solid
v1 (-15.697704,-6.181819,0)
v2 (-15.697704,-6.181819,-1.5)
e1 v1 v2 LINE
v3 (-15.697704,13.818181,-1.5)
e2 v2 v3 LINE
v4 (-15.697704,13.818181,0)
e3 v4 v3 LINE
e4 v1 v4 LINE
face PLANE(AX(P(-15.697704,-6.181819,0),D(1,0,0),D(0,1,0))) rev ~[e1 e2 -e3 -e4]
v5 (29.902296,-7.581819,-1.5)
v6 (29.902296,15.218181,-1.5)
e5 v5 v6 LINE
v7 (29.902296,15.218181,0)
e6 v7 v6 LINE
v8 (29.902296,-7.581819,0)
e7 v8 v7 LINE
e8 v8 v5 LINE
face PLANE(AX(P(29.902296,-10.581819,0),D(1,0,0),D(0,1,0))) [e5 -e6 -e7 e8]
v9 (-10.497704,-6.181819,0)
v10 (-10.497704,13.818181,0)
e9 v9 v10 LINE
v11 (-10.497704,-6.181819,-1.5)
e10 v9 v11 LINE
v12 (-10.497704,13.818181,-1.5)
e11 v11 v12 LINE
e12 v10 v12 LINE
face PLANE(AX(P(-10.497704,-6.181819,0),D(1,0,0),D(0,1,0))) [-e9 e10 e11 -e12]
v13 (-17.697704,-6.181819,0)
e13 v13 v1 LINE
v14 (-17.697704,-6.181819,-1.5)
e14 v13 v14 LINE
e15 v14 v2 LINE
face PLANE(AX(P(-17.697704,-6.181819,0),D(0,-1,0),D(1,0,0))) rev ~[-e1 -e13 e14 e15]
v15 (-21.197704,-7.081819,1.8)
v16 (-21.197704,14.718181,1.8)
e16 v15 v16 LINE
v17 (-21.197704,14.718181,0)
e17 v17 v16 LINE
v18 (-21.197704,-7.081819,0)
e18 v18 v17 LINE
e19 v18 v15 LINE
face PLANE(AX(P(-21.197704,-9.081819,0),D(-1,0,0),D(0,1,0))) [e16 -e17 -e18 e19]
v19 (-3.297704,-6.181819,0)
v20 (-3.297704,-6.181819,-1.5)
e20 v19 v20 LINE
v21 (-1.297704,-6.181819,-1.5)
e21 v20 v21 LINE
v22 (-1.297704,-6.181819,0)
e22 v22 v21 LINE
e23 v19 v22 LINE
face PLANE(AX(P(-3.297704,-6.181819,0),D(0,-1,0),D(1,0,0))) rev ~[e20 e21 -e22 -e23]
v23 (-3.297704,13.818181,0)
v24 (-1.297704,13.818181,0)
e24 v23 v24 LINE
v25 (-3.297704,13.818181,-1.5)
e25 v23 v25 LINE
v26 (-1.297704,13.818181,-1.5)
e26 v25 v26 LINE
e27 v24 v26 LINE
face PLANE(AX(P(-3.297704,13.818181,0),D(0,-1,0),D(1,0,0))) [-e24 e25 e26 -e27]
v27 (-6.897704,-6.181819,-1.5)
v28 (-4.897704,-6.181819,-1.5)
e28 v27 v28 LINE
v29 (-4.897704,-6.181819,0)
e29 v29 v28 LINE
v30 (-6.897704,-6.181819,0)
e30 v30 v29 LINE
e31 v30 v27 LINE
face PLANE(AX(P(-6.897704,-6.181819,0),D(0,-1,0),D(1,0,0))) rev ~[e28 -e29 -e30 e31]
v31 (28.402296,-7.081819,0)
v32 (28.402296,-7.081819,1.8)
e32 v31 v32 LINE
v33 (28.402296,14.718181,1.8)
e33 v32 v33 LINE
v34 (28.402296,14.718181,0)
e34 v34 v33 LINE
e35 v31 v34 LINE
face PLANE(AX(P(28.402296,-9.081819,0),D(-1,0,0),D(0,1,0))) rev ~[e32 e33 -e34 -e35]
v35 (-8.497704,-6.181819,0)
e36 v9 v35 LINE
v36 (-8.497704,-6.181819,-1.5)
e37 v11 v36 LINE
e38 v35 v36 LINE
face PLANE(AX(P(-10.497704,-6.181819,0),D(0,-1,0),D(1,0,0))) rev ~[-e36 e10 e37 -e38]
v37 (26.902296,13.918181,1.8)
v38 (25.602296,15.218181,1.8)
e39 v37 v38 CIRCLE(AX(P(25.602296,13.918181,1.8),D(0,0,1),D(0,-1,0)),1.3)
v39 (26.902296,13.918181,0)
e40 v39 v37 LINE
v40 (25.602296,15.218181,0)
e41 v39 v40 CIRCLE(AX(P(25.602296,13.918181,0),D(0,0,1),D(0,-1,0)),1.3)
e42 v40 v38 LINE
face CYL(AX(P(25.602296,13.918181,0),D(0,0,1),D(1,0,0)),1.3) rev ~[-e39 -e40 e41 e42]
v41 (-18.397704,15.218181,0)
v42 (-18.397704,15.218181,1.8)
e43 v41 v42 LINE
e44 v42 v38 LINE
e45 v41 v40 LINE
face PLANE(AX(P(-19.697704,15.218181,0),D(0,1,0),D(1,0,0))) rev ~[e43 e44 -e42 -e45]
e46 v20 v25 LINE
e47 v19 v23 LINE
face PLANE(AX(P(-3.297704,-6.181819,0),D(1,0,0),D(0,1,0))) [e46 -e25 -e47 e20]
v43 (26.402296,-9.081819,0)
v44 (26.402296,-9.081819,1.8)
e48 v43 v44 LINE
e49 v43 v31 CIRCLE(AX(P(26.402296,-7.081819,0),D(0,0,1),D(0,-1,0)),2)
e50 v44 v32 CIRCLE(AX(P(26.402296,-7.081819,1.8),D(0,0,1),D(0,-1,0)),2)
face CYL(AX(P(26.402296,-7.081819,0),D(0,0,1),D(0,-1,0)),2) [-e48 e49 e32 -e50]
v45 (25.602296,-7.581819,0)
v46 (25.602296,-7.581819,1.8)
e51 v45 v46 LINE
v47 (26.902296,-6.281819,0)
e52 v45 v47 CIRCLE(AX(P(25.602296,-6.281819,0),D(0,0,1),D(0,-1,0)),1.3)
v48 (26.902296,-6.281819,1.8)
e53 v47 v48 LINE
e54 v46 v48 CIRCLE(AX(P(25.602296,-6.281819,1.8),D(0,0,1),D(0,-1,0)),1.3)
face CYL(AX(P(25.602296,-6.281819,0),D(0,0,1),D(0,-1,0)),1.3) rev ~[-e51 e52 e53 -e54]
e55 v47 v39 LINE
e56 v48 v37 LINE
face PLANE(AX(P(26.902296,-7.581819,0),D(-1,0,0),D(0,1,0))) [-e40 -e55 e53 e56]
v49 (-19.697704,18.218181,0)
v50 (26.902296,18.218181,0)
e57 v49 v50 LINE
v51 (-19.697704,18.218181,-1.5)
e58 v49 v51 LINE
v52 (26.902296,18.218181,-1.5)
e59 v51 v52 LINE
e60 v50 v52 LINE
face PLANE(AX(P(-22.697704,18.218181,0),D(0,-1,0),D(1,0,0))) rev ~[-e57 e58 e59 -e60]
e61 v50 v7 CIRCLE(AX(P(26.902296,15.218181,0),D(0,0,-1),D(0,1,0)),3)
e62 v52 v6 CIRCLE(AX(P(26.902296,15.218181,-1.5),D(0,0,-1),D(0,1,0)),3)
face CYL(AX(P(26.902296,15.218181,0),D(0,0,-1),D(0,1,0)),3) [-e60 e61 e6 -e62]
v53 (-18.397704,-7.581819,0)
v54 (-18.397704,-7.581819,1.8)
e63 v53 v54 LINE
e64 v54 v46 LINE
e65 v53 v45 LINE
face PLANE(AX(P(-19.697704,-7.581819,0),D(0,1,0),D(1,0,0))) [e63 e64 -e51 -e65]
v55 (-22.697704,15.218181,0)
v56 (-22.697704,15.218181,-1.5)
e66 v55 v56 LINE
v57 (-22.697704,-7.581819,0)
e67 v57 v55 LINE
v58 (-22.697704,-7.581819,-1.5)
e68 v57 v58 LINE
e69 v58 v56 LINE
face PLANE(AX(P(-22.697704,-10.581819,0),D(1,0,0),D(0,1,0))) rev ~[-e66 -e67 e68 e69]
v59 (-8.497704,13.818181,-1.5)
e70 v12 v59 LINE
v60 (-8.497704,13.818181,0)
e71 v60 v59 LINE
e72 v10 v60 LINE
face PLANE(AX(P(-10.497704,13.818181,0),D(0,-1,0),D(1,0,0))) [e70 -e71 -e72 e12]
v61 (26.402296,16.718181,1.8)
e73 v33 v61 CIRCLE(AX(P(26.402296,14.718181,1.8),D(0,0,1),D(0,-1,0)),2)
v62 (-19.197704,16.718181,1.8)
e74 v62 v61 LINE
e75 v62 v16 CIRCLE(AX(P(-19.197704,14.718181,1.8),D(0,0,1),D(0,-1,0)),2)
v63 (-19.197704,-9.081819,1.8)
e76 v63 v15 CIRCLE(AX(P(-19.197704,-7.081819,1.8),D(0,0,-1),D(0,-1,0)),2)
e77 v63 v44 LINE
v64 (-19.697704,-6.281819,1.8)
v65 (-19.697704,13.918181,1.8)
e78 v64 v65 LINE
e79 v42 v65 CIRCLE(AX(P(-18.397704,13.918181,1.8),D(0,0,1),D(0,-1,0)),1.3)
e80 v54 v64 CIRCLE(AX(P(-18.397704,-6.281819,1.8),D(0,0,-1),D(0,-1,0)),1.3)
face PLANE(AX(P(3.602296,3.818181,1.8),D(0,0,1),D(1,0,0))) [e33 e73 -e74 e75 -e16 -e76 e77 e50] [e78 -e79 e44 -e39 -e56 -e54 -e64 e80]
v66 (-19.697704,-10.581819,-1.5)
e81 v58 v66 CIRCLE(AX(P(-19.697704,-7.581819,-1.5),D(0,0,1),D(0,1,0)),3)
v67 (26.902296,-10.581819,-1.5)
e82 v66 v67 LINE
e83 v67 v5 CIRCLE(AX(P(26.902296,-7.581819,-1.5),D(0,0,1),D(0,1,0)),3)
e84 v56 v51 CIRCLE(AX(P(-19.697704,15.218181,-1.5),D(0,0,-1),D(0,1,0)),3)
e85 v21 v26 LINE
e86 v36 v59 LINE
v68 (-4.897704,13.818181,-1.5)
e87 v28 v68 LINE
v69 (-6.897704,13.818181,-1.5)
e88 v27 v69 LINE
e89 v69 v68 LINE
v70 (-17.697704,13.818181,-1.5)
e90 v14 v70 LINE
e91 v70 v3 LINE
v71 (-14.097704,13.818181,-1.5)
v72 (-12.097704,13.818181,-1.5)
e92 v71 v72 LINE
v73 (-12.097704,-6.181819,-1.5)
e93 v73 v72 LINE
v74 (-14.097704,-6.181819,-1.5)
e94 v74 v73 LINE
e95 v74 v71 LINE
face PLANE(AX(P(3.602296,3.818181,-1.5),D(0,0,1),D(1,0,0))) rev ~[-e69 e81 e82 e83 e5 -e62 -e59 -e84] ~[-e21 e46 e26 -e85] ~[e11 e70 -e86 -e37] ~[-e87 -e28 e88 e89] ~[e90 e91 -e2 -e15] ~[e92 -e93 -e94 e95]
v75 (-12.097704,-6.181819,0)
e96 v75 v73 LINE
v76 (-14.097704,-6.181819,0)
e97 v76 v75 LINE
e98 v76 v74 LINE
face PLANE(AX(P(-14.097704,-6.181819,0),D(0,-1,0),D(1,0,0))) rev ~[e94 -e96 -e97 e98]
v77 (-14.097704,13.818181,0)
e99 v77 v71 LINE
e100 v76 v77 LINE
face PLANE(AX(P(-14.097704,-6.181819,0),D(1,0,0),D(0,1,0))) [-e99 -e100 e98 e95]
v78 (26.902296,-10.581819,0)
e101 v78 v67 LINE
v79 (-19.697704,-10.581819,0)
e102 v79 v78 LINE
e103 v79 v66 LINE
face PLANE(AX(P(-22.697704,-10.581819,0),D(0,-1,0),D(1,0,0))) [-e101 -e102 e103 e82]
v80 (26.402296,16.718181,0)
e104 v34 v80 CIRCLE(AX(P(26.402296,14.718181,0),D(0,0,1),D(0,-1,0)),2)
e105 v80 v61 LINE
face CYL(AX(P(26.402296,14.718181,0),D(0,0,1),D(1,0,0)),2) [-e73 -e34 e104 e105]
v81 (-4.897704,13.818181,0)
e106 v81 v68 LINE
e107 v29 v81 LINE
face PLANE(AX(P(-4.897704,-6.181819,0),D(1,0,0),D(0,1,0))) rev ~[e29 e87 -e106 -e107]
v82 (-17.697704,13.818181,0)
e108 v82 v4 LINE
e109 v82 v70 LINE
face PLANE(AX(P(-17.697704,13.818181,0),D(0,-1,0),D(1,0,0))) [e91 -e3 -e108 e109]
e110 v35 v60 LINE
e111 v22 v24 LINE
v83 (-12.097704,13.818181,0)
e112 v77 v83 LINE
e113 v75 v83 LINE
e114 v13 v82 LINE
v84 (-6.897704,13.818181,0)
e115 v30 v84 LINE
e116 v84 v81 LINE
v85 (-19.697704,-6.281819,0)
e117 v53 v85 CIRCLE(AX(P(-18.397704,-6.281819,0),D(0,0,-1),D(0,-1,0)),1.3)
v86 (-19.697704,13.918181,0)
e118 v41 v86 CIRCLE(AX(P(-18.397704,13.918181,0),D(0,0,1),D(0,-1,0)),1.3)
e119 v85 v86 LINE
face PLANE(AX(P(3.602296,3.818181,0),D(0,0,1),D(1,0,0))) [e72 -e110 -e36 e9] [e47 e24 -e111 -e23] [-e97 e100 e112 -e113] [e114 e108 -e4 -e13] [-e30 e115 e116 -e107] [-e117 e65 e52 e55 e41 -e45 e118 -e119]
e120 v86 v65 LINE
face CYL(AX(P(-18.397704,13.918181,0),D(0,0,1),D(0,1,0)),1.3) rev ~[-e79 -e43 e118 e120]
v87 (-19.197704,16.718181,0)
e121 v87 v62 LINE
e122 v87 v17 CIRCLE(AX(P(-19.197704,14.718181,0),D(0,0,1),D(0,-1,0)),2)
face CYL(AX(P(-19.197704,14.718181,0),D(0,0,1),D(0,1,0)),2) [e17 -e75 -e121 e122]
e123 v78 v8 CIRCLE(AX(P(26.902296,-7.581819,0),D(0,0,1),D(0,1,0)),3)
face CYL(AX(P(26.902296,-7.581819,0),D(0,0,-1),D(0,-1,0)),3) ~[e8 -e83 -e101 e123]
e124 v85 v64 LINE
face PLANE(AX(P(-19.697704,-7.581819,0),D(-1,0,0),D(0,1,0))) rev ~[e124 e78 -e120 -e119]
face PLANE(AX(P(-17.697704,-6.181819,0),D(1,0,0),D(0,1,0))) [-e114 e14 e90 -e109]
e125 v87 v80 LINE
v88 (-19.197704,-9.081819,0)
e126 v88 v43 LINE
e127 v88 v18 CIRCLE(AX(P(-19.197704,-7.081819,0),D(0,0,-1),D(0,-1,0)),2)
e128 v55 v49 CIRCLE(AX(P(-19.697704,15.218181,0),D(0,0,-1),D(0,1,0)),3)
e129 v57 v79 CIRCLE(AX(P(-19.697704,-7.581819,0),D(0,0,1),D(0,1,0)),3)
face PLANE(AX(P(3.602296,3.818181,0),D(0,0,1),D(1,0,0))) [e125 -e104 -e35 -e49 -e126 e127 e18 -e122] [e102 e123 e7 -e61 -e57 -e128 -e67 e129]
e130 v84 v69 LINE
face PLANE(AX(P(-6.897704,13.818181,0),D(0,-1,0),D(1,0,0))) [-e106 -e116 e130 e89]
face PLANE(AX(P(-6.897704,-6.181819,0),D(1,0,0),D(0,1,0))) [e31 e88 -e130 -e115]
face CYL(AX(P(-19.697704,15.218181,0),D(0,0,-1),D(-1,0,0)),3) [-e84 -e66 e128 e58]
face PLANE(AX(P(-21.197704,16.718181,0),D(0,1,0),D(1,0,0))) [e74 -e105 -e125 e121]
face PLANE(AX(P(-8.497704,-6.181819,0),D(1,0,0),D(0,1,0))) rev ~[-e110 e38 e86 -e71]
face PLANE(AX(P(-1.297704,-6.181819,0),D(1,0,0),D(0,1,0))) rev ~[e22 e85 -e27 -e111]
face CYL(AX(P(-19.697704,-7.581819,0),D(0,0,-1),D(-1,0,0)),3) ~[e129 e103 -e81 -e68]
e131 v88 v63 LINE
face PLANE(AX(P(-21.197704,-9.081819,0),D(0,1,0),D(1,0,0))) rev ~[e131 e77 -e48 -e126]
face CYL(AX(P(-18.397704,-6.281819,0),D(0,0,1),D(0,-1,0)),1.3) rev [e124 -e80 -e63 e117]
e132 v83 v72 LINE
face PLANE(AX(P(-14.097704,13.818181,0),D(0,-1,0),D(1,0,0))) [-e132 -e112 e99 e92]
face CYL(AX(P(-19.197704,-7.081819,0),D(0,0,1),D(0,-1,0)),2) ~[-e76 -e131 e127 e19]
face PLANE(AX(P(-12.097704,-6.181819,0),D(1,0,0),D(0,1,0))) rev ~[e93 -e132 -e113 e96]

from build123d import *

# Parameters (mm, degrees)
F0_W     = 52.6
F0_H     = 28.8
F0_W_2   = 49.6
F0_H_2   = 25.8
F0_W_3   = 46.6
F0_H_3   = 22.8
F0_W_4   = 2
F0_H_4   = 20
F1_DEPTH = 1.5
F2_R     = 3
F3_DEPTH = 1.8
F4_R     = 2
F5_R     = 1.3


with BuildPart() as f1:
    # F0 (on Top) → F1 (new body)
    with BuildSketch(Plane.XY):
        with Locations((3.602296, 3.818181)):
            Rectangle(F0_W, F0_H)
        with Locations((3.602296, 3.818181)):
            Rectangle(F0_W_2, F0_H_2, mode=Mode.SUBTRACT)
        with Locations((3.602296, 3.818181)):
            Rectangle(F0_W_2, F0_H_2)
        with Locations((3.602296, 3.818181)):
            Rectangle(F0_W_3, F0_H_3, mode=Mode.SUBTRACT)
        with Locations((3.602296, 3.818181)):
            Rectangle(F0_W_3, F0_H_3)
        with Locations((-16.697704, 3.818181)):
            Rectangle(F0_W_4, F0_H_4, mode=Mode.SUBTRACT)
        with Locations((-13.097704, 3.818181)):
            Rectangle(F0_W_4, F0_H_4, mode=Mode.SUBTRACT)
        with Locations((-9.497704, 3.818181)):
            Rectangle(F0_W_4, F0_H_4, mode=Mode.SUBTRACT)
        with Locations((-5.897704, 3.818181)):
            Rectangle(F0_W_4, F0_H_4, mode=Mode.SUBTRACT)
        with Locations((-2.297704, 3.818181)):
            Rectangle(F0_W_4, F0_H_4, mode=Mode.SUBTRACT)
    extrude(amount=-F1_DEPTH)

    # F2
    f2_edges = [f1.edges().sort_by_distance(p)[0] for p in [
        (-22.697704, 18.218181, -0.75),
        (29.902296, 18.218181, -0.75),
        (29.902296, -10.581819, -0.75),
        (-22.697704, -10.581819, -0.75),
    ]]
    fillet(f2_edges, radius=F2_R)

    # F0 (on Top) → F3 (join)
    with BuildSketch(Plane.XY):
        with Locations((3.602296, 3.818181)):
            Rectangle(F0_W_2, F0_H_2)
        with Locations((3.602296, 3.818181)):
            Rectangle(F0_W_3, F0_H_3, mode=Mode.SUBTRACT)
    extrude(amount=F3_DEPTH)

    # F4
    f4_edges = [f1.edges().sort_by_distance(p)[0] for p in [
        (-21.197704, -9.081819, 0.9),
        (-21.197704, 16.718181, 0.9),
        (28.402296, 16.718181, 0.9),
        (28.402296, -9.081819, 0.9),
    ]]
    fillet(f4_edges, radius=F4_R)

    # F5
    f5_edges = [f1.edges().sort_by_distance(p)[0] for p in [
        (-19.697704, 15.218181, 0.9),
        (-19.697704, -7.581819, 0.9),
        (26.902296, -7.581819, 0.9),
        (26.902296, 15.218181, 0.9),
    ]]
    fillet(f5_edges, radius=F5_R)


solid = f1.part
